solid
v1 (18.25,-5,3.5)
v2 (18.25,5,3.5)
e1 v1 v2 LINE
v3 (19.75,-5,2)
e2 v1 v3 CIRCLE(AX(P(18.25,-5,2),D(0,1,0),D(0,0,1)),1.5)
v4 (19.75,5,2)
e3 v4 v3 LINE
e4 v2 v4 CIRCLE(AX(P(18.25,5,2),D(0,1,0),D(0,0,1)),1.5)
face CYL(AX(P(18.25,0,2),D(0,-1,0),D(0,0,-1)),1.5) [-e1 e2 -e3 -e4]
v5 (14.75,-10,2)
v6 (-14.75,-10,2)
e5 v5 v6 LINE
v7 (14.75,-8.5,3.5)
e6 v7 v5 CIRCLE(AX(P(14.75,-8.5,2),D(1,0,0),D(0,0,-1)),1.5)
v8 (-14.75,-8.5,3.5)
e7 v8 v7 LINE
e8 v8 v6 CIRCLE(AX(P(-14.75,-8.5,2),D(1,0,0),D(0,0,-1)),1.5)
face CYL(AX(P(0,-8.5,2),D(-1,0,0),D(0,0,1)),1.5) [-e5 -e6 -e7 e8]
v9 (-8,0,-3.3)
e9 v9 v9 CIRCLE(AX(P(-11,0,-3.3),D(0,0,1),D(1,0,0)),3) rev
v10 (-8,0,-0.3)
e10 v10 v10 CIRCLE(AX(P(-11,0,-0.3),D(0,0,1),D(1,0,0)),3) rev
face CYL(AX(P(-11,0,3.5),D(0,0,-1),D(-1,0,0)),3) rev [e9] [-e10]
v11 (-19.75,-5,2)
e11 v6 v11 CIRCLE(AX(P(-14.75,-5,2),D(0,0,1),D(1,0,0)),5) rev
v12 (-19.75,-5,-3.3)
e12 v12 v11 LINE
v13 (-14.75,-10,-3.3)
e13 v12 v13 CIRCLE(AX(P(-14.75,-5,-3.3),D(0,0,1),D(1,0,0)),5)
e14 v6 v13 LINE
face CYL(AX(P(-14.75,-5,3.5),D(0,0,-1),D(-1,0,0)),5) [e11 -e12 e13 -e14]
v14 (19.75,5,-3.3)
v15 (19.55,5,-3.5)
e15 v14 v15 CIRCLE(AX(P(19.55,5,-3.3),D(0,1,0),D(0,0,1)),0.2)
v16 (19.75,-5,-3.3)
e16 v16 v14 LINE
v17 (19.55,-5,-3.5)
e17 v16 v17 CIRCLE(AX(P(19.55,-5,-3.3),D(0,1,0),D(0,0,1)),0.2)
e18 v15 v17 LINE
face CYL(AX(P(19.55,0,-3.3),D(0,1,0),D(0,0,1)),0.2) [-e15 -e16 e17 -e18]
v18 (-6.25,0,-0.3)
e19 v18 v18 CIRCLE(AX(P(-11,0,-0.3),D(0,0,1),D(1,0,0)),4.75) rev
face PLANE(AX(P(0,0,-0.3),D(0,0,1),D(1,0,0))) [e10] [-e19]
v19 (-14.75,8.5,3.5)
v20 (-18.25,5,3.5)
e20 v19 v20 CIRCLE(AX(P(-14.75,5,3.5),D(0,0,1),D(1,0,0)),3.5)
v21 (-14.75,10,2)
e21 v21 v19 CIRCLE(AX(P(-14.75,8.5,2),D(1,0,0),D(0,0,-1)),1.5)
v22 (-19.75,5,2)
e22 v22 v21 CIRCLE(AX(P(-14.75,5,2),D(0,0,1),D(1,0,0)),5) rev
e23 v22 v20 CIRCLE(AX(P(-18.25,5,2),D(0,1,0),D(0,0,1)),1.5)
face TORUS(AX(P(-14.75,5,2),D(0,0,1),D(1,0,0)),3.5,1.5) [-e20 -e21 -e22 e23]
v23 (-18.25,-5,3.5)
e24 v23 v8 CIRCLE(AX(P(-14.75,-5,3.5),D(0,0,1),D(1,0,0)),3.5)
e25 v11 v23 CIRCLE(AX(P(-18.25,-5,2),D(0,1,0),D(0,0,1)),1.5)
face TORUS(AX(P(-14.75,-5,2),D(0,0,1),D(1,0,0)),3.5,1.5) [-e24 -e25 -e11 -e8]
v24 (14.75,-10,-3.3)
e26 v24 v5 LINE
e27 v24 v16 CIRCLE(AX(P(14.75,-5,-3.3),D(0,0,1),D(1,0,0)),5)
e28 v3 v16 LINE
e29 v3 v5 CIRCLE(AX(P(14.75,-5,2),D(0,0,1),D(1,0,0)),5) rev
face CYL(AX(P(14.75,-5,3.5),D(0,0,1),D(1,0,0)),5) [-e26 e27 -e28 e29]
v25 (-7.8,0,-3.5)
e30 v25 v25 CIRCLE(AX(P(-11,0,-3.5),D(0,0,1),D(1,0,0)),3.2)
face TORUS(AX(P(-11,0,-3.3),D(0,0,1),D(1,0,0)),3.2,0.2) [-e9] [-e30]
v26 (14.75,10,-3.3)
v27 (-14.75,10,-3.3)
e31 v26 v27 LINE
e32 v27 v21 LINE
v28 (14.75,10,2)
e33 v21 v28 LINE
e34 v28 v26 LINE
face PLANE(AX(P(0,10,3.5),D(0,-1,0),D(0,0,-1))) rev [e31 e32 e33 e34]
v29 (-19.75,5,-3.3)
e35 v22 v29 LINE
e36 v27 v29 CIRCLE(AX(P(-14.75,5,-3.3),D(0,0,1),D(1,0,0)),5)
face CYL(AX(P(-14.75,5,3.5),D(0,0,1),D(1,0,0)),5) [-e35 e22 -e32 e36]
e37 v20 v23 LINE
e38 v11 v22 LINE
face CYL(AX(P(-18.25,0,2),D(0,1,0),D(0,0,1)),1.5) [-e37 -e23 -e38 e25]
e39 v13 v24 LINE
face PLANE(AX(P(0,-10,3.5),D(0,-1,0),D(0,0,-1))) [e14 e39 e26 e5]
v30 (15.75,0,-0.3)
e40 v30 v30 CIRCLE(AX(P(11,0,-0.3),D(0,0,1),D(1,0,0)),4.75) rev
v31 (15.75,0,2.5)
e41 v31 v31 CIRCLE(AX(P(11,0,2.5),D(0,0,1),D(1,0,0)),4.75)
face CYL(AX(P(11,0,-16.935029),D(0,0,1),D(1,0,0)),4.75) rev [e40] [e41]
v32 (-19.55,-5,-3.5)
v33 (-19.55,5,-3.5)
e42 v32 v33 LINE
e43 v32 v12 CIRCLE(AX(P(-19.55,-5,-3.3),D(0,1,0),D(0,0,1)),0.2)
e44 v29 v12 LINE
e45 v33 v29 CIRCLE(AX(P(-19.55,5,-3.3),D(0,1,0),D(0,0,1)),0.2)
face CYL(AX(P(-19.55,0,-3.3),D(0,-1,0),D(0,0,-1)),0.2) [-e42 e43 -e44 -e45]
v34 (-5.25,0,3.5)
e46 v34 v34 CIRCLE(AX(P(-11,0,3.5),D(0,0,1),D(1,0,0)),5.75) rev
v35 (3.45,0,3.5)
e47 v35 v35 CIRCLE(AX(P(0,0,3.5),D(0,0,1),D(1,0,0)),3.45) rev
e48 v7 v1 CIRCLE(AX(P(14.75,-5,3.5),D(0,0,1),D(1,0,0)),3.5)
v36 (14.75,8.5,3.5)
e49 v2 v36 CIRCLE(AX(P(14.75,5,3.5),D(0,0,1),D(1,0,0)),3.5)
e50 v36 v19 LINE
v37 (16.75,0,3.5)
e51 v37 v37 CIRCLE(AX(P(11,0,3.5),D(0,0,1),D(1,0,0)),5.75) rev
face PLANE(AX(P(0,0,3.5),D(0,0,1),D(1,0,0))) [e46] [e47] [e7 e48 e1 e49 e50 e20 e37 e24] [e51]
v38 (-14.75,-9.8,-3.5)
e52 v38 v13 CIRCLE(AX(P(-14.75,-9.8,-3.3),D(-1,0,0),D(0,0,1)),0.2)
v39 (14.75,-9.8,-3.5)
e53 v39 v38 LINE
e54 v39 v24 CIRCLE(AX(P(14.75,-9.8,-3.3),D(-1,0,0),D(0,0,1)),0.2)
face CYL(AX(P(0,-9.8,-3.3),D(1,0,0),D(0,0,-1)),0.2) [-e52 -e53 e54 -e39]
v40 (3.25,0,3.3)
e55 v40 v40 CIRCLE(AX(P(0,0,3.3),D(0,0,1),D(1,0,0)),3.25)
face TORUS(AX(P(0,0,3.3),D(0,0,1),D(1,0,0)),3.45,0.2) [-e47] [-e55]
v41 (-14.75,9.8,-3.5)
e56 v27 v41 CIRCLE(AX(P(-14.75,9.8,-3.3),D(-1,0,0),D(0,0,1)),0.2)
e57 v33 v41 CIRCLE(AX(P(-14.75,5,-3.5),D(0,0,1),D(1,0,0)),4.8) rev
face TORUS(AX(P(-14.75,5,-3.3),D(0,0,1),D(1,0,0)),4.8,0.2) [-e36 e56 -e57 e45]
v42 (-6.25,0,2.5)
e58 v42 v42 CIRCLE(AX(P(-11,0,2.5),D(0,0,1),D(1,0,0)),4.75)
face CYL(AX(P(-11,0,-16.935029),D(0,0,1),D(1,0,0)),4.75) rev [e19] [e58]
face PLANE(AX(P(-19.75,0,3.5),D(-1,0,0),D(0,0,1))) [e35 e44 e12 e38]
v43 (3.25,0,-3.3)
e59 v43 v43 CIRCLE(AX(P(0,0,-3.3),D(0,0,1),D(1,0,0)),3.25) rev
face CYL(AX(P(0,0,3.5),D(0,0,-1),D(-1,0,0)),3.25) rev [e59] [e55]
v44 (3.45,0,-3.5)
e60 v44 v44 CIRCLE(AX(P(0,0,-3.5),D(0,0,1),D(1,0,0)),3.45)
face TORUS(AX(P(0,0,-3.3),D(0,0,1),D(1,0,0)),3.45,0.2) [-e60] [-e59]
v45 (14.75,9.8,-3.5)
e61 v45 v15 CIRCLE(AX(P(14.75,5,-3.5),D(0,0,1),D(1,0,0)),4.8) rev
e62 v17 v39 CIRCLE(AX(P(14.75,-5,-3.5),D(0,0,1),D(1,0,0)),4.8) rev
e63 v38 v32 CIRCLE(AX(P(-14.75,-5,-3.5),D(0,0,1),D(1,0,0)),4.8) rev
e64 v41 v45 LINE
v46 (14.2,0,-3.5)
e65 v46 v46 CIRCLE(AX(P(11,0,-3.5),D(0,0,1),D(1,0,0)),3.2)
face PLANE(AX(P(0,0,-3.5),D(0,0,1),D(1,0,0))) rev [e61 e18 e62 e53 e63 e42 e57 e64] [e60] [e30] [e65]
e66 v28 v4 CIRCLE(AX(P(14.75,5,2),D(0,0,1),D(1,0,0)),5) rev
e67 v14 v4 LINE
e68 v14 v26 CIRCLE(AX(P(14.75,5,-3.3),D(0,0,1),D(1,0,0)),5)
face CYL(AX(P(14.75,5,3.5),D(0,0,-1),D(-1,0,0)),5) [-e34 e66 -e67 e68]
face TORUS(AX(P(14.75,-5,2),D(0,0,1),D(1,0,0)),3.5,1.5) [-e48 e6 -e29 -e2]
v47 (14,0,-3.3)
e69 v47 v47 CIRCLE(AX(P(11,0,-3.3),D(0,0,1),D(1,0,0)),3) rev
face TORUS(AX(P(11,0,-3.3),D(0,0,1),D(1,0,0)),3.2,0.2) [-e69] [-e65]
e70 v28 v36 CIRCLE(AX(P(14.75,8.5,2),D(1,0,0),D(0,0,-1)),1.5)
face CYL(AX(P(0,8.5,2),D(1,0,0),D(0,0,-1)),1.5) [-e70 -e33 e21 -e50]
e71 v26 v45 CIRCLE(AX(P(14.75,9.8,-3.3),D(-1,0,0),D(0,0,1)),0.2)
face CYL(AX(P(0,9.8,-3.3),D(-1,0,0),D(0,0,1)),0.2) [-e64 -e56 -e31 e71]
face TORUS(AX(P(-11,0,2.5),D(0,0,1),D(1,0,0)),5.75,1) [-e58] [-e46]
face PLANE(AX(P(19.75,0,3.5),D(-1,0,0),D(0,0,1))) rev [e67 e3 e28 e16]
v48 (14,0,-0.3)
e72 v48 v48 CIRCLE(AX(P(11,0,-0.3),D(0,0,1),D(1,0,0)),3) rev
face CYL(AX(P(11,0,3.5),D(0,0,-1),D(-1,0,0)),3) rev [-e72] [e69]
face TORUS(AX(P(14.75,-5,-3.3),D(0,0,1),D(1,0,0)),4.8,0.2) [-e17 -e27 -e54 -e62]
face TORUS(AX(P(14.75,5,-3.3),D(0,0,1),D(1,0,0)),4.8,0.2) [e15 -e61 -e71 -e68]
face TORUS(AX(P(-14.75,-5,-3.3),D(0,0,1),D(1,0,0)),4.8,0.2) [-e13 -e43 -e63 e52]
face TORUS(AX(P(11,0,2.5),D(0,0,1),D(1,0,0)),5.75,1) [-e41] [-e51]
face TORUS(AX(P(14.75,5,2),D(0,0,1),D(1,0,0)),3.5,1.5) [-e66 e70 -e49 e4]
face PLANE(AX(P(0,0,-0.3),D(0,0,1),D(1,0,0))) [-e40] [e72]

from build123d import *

# Parameters (mm, degrees)
SKETCH1_W           = 39.5
SKETCH1_H           = 20
SKETCH1_R           = 3.25
SKETCH1_R_2         = 4.75
SKETCH1_R_3         = 3
BOSS_EXTRUDE1_DEPTH = 3.5
CUT_EXTRUDE1_START  = -0.3
SKETCH1_3_R         = 4.75
SKETCH1_3_R_2       = 3
CUT_EXTRUDE1_DEPTH  = 3.8
FILLET1_R           = 5
FILLET2_R           = 1.5
FILLET3_R           = 1
FILLET4_R           = 0.2


with BuildPart() as part:
    # Sketch1 → Boss-Extrude1 (new, symmetric)
    # profile 1 of 3: a face of its own
    with BuildSketch(Plane.XY):
        Rectangle(SKETCH1_W, SKETCH1_H)
        Circle(SKETCH1_R, mode=Mode.SUBTRACT)
        with Locations((-11, 0)):
            Circle(SKETCH1_R_2, mode=Mode.SUBTRACT)
        with Locations((11, 0)):
            Circle(SKETCH1_R_2, mode=Mode.SUBTRACT)
    # profile 2 of 3: a face of its own
    with BuildSketch(Plane.XY):
        with Locations((-11, 0)):
            Circle(SKETCH1_R_2)
        with Locations((-11, 0)):
            Circle(SKETCH1_R_3, mode=Mode.SUBTRACT)
    # profile 3 of 3: a face of its own
    with BuildSketch(Plane.XY):
        with Locations((11, 0)):
            Circle(SKETCH1_R_2)
        with Locations((11, 0)):
            Circle(SKETCH1_R_3, mode=Mode.SUBTRACT)
    extrude(amount=BOSS_EXTRUDE1_DEPTH, both=True)

    # Sketch1<3> → Cut-Extrude1 (cut)
    # profile 1 of 2: a face of its own
    with BuildSketch(Plane.XY.offset(CUT_EXTRUDE1_START)):
        with Locations((-11, 0)):
            Circle(SKETCH1_3_R)
        with Locations((-11, 0)):
            Circle(SKETCH1_3_R_2, mode=Mode.SUBTRACT)
    # profile 2 of 2: a face of its own
    with BuildSketch(Plane.XY.offset(CUT_EXTRUDE1_START)):
        with Locations((11, 0)):
            Circle(SKETCH1_3_R)
        with Locations((11, 0)):
            Circle(SKETCH1_3_R_2, mode=Mode.SUBTRACT)
    extrude(amount=CUT_EXTRUDE1_DEPTH, mode=Mode.SUBTRACT)

    # Fillet1
    fillet1_edges = [part.edges().sort_by_distance(p)[0] for p in [
        (-19.75, 10, 0),
        (19.75, 10, 0),
        (19.75, -10, 0),
        (-19.75, -10, 0),
    ]]
    fillet(fillet1_edges, radius=FILLET1_R)

    # Fillet2
    fillet2_edges = [part.edges().sort_by_distance(p)[0] for p in [
        (0, 10, 3.5),
        (19.75, 0, 3.5),
        (-19.75, 0, 3.5),
        (0, -10, 3.5),
        (-18.285533906, 8.535533906, 3.5),
        (-18.285533906, -8.535533906, 3.5),
        (18.285533906, -8.535533906, 3.5),
        (18.285533906, 8.535533906, 3.5),
    ]]
    fillet(fillet2_edges, radius=FILLET2_R)

    # Fillet3
    fillet3_edges = [part.edges().sort_by_distance(p)[0] for p in [
        (-15.75, 0, 3.5),
        (6.25, 0, 3.5),
    ]]
    fillet(fillet3_edges, radius=FILLET3_R)

    # Fillet4
    fillet4_edges = [part.edges().sort_by_distance(p)[0] for p in [
        (-3.25, 0, -3.5),
        (-3.25, 0, 3.5),
        (0, 10, -3.5),
        (-19.75, 0, -3.5),
        (19.75, 0, -3.5),
        (0, -10, -3.5),
        (-18.285533906, 8.535533906, -3.5),
        (-18.285533906, -8.535533906, -3.5),
        (18.285533906, -8.535533906, -3.5),
        (18.285533906, 8.535533906, -3.5),
        (-14, 0, -3.5),
        (8, 0, -3.5),
    ]]
    fillet(fillet4_edges, radius=FILLET4_R)


solid = part.part
